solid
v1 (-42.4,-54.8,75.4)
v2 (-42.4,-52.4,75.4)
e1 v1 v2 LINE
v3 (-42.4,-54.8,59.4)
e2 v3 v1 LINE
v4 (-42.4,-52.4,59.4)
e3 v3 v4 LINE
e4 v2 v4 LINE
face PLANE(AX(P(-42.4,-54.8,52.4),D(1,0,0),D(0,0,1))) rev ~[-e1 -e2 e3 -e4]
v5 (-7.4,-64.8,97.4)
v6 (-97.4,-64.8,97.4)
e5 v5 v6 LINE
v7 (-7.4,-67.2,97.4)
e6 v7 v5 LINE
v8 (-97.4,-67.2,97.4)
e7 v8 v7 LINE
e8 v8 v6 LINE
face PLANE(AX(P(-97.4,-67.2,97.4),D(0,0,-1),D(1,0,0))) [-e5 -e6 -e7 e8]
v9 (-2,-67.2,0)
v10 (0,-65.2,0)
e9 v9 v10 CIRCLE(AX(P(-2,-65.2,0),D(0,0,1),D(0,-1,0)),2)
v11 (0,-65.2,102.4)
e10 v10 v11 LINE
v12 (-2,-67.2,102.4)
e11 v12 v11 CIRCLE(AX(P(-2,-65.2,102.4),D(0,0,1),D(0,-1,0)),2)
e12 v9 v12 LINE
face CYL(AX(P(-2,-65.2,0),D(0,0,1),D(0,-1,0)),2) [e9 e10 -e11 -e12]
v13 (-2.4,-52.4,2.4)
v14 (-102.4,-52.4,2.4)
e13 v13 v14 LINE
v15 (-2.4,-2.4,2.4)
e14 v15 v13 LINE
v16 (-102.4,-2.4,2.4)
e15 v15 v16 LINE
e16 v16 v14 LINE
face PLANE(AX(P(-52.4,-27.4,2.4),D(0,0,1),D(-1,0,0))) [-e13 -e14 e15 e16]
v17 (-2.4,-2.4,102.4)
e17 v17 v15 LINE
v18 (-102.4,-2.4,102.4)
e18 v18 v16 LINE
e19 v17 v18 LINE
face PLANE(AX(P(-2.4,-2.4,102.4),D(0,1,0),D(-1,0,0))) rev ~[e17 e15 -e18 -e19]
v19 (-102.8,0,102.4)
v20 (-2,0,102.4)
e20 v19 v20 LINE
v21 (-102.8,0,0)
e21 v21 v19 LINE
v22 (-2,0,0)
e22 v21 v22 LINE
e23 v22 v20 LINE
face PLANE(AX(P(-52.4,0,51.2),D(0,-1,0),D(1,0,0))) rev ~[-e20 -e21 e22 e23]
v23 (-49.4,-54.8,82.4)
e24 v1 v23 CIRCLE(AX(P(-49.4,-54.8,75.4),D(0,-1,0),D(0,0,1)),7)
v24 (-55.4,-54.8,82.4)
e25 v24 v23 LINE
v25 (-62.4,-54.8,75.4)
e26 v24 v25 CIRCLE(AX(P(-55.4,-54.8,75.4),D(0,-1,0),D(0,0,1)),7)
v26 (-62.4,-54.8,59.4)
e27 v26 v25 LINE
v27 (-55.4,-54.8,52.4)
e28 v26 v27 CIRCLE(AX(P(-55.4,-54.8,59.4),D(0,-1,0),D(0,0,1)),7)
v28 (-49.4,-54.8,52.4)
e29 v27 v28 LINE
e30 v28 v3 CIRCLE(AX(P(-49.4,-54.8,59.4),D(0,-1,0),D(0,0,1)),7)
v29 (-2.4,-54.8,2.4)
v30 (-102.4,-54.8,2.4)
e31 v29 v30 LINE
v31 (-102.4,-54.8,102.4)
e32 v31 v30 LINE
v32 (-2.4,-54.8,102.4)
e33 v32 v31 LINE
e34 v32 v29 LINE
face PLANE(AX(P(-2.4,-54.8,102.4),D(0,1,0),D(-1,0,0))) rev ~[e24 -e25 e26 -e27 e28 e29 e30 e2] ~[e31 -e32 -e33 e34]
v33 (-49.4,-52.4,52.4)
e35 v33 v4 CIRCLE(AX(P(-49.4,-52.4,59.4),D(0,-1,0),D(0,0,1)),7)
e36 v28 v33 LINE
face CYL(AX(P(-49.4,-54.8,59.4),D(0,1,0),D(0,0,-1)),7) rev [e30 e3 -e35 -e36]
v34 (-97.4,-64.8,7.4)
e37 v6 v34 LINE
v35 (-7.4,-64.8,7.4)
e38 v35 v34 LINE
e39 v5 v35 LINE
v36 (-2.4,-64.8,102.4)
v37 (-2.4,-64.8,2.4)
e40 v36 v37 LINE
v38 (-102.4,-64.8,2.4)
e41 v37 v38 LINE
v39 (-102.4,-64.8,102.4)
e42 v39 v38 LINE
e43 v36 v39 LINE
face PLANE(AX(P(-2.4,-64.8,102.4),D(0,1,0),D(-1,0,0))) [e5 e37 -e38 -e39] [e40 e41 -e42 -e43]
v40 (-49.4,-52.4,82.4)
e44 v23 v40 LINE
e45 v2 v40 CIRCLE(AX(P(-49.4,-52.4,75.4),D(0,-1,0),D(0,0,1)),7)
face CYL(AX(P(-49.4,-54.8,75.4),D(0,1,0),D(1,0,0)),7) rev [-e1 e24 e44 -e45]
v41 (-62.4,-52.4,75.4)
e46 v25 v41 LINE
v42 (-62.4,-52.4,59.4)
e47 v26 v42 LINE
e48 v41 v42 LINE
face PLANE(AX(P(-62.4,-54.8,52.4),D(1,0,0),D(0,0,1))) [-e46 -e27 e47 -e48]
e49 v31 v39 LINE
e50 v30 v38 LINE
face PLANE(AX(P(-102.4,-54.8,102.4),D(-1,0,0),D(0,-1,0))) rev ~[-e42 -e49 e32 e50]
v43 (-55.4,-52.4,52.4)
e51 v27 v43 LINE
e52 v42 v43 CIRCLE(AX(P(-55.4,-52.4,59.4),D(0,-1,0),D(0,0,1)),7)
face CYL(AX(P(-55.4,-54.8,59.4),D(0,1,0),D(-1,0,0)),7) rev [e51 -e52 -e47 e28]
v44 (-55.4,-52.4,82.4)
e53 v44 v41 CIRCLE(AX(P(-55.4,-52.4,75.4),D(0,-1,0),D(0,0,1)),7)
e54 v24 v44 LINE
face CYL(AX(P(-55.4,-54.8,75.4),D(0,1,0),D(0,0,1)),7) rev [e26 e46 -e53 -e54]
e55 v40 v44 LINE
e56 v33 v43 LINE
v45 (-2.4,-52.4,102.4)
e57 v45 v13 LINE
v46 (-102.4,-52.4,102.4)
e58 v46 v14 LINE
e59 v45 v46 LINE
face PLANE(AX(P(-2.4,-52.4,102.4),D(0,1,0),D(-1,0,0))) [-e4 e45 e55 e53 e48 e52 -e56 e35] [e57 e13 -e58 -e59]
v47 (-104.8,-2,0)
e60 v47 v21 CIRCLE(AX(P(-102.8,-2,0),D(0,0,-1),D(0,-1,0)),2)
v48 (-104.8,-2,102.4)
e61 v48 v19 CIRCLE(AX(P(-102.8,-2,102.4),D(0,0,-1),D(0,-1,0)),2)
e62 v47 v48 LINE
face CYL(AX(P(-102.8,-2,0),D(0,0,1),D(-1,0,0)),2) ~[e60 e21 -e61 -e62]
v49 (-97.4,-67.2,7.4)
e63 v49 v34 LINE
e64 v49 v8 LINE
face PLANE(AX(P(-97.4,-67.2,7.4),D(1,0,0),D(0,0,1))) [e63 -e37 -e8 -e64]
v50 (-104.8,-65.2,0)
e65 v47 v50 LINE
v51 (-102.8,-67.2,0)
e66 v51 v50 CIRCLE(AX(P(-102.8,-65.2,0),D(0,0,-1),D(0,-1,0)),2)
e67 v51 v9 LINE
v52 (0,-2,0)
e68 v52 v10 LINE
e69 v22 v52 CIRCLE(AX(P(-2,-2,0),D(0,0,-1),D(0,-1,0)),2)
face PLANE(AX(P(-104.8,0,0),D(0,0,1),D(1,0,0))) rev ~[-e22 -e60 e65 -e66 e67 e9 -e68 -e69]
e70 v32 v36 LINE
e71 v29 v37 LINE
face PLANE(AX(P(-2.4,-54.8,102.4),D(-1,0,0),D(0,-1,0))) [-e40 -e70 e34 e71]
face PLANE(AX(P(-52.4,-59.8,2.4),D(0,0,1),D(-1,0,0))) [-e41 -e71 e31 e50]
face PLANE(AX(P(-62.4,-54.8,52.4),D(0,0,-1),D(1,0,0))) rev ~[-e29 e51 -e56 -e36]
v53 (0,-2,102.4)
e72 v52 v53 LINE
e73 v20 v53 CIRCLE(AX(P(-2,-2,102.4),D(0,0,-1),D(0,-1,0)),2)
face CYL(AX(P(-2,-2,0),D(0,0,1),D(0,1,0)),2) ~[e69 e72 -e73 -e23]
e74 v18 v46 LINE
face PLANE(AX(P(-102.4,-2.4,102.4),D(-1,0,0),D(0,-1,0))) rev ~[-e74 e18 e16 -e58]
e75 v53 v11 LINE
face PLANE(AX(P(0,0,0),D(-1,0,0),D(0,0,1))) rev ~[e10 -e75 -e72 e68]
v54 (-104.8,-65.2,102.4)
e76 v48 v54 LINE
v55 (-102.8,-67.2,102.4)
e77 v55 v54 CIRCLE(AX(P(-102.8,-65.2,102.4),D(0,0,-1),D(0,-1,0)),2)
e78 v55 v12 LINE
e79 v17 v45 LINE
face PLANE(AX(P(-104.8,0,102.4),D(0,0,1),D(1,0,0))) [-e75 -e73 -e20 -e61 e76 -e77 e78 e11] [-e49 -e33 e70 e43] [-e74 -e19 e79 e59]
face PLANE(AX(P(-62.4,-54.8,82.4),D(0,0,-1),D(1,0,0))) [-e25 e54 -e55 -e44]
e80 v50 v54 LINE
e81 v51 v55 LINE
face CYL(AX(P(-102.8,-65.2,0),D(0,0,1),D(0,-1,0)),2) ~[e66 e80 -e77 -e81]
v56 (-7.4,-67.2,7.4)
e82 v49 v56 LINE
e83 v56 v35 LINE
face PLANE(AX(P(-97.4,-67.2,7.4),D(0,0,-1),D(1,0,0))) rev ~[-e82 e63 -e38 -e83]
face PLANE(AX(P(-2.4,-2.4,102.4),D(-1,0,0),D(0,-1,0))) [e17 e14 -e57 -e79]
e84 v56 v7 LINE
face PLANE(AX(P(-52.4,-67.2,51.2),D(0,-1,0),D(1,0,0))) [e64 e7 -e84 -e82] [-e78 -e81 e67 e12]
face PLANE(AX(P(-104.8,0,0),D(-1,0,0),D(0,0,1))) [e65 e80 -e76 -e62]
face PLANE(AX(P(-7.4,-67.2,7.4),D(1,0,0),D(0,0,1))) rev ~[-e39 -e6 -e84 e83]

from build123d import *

# Parameters (mm, degrees)
SKETCH_W        = 104.8
SKETCH_H        = 102.4
PAD_DEPTH       = 67.2
SKETCH001_W     = 100
SKETCH001_H     = 50
POCKET_DEPTH    = 100
SKETCH002_W     = 100
SKETCH002_H     = 10
POCKET001_DEPTH = 100
SKETCH003_W     = 90
SKETCH003_H     = 90
POCKET002_DEPTH = 3
SKETCH004_W     = 20
SKETCH004_H     = 30
POCKET003_DEPTH = 5
FILLET_R        = 2
FILLET001_R     = 2
FILLET002_R     = 2
FILLET003_R     = 2
FILLET004_R     = 7
FILLET005_R     = 7
FILLET006_R     = 7
FILLET007_R     = 7


with BuildPart() as part:
    # Sketch → Pad (new body)
    with BuildSketch(Plane.XZ):
        with Locations((-52.4, 51.2)):
            Rectangle(SKETCH_W, SKETCH_H)
    extrude(amount=PAD_DEPTH)

    # Sketch001 (on Face1 of Pad) → Pocket (cut)
    with BuildSketch(Plane(origin=(0, 0, 102.4), x_dir=(-1, 0, 0), z_dir=(0, 0, 1))):
        with Locations((52.4, 27.4)):
            Rectangle(SKETCH001_W, SKETCH001_H)
    extrude(amount=-POCKET_DEPTH, mode=Mode.SUBTRACT)

    # Sketch002 (on Face1 of Pocket) → Pocket001 (cut)
    with BuildSketch(Plane(origin=(0, 0, 102.4), x_dir=(-1, 0, 0), z_dir=(0, 0, 1))):
        with Locations((52.4, 59.8)):
            Rectangle(SKETCH002_W, SKETCH002_H)
    extrude(amount=-POCKET001_DEPTH, mode=Mode.SUBTRACT)

    # Sketch003 (on Face4 of Pocket001) → Pocket002 (cut)
    with BuildSketch(Plane.XZ.offset(67.2)):
        with Locations((-52.4, 52.4)):
            Rectangle(SKETCH003_W, SKETCH003_H)
    extrude(amount=-POCKET002_DEPTH, mode=Mode.SUBTRACT)

    # Sketch004 (on Face7 of Pocket002) → Pocket003 (cut)
    with BuildSketch(Plane.XZ.offset(54.8)):
        with Locations((-52.4, 67.4)):
            Rectangle(SKETCH004_W, SKETCH004_H)
    extrude(amount=-POCKET003_DEPTH, mode=Mode.SUBTRACT)

    # Fillet
    fillet_edges = [part.edges().sort_by_distance(p)[0] for p in [
        (0, -67.2, 51.2),
    ]]
    fillet(fillet_edges, radius=FILLET_R)

    # Fillet001
    fillet001_edges = [part.edges().sort_by_distance(p)[0] for p in [
        (-104.8, -67.2, 51.2),
    ]]
    fillet(fillet001_edges, radius=FILLET001_R)

    # Fillet002
    fillet002_edges = [part.edges().sort_by_distance(p)[0] for p in [
        (-104.8, 0, 51.2),
    ]]
    fillet(fillet002_edges, radius=FILLET002_R)

    # Fillet003
    fillet003_edges = [part.edges().sort_by_distance(p)[0] for p in [
        (0, 0, 51.2),
    ]]
    fillet(fillet003_edges, radius=FILLET003_R)

    # Fillet004
    fillet004_edges = [part.edges().sort_by_distance(p)[0] for p in [
        (-62.4, -53.6, 52.4),
    ]]
    fillet(fillet004_edges, radius=FILLET004_R)

    # Fillet005
    fillet005_edges = [part.edges().sort_by_distance(p)[0] for p in [
        (-42.4, -53.6, 52.4),
    ]]
    fillet(fillet005_edges, radius=FILLET005_R)

    # Fillet006
    fillet006_edges = [part.edges().sort_by_distance(p)[0] for p in [
        (-42.4, -53.6, 82.4),
    ]]
    fillet(fillet006_edges, radius=FILLET006_R)

    # Fillet007
    fillet007_edges = [part.edges().sort_by_distance(p)[0] for p in [
        (-62.4, -53.6, 82.4),
    ]]
    fillet(fillet007_edges, radius=FILLET007_R)


solid = part.part
